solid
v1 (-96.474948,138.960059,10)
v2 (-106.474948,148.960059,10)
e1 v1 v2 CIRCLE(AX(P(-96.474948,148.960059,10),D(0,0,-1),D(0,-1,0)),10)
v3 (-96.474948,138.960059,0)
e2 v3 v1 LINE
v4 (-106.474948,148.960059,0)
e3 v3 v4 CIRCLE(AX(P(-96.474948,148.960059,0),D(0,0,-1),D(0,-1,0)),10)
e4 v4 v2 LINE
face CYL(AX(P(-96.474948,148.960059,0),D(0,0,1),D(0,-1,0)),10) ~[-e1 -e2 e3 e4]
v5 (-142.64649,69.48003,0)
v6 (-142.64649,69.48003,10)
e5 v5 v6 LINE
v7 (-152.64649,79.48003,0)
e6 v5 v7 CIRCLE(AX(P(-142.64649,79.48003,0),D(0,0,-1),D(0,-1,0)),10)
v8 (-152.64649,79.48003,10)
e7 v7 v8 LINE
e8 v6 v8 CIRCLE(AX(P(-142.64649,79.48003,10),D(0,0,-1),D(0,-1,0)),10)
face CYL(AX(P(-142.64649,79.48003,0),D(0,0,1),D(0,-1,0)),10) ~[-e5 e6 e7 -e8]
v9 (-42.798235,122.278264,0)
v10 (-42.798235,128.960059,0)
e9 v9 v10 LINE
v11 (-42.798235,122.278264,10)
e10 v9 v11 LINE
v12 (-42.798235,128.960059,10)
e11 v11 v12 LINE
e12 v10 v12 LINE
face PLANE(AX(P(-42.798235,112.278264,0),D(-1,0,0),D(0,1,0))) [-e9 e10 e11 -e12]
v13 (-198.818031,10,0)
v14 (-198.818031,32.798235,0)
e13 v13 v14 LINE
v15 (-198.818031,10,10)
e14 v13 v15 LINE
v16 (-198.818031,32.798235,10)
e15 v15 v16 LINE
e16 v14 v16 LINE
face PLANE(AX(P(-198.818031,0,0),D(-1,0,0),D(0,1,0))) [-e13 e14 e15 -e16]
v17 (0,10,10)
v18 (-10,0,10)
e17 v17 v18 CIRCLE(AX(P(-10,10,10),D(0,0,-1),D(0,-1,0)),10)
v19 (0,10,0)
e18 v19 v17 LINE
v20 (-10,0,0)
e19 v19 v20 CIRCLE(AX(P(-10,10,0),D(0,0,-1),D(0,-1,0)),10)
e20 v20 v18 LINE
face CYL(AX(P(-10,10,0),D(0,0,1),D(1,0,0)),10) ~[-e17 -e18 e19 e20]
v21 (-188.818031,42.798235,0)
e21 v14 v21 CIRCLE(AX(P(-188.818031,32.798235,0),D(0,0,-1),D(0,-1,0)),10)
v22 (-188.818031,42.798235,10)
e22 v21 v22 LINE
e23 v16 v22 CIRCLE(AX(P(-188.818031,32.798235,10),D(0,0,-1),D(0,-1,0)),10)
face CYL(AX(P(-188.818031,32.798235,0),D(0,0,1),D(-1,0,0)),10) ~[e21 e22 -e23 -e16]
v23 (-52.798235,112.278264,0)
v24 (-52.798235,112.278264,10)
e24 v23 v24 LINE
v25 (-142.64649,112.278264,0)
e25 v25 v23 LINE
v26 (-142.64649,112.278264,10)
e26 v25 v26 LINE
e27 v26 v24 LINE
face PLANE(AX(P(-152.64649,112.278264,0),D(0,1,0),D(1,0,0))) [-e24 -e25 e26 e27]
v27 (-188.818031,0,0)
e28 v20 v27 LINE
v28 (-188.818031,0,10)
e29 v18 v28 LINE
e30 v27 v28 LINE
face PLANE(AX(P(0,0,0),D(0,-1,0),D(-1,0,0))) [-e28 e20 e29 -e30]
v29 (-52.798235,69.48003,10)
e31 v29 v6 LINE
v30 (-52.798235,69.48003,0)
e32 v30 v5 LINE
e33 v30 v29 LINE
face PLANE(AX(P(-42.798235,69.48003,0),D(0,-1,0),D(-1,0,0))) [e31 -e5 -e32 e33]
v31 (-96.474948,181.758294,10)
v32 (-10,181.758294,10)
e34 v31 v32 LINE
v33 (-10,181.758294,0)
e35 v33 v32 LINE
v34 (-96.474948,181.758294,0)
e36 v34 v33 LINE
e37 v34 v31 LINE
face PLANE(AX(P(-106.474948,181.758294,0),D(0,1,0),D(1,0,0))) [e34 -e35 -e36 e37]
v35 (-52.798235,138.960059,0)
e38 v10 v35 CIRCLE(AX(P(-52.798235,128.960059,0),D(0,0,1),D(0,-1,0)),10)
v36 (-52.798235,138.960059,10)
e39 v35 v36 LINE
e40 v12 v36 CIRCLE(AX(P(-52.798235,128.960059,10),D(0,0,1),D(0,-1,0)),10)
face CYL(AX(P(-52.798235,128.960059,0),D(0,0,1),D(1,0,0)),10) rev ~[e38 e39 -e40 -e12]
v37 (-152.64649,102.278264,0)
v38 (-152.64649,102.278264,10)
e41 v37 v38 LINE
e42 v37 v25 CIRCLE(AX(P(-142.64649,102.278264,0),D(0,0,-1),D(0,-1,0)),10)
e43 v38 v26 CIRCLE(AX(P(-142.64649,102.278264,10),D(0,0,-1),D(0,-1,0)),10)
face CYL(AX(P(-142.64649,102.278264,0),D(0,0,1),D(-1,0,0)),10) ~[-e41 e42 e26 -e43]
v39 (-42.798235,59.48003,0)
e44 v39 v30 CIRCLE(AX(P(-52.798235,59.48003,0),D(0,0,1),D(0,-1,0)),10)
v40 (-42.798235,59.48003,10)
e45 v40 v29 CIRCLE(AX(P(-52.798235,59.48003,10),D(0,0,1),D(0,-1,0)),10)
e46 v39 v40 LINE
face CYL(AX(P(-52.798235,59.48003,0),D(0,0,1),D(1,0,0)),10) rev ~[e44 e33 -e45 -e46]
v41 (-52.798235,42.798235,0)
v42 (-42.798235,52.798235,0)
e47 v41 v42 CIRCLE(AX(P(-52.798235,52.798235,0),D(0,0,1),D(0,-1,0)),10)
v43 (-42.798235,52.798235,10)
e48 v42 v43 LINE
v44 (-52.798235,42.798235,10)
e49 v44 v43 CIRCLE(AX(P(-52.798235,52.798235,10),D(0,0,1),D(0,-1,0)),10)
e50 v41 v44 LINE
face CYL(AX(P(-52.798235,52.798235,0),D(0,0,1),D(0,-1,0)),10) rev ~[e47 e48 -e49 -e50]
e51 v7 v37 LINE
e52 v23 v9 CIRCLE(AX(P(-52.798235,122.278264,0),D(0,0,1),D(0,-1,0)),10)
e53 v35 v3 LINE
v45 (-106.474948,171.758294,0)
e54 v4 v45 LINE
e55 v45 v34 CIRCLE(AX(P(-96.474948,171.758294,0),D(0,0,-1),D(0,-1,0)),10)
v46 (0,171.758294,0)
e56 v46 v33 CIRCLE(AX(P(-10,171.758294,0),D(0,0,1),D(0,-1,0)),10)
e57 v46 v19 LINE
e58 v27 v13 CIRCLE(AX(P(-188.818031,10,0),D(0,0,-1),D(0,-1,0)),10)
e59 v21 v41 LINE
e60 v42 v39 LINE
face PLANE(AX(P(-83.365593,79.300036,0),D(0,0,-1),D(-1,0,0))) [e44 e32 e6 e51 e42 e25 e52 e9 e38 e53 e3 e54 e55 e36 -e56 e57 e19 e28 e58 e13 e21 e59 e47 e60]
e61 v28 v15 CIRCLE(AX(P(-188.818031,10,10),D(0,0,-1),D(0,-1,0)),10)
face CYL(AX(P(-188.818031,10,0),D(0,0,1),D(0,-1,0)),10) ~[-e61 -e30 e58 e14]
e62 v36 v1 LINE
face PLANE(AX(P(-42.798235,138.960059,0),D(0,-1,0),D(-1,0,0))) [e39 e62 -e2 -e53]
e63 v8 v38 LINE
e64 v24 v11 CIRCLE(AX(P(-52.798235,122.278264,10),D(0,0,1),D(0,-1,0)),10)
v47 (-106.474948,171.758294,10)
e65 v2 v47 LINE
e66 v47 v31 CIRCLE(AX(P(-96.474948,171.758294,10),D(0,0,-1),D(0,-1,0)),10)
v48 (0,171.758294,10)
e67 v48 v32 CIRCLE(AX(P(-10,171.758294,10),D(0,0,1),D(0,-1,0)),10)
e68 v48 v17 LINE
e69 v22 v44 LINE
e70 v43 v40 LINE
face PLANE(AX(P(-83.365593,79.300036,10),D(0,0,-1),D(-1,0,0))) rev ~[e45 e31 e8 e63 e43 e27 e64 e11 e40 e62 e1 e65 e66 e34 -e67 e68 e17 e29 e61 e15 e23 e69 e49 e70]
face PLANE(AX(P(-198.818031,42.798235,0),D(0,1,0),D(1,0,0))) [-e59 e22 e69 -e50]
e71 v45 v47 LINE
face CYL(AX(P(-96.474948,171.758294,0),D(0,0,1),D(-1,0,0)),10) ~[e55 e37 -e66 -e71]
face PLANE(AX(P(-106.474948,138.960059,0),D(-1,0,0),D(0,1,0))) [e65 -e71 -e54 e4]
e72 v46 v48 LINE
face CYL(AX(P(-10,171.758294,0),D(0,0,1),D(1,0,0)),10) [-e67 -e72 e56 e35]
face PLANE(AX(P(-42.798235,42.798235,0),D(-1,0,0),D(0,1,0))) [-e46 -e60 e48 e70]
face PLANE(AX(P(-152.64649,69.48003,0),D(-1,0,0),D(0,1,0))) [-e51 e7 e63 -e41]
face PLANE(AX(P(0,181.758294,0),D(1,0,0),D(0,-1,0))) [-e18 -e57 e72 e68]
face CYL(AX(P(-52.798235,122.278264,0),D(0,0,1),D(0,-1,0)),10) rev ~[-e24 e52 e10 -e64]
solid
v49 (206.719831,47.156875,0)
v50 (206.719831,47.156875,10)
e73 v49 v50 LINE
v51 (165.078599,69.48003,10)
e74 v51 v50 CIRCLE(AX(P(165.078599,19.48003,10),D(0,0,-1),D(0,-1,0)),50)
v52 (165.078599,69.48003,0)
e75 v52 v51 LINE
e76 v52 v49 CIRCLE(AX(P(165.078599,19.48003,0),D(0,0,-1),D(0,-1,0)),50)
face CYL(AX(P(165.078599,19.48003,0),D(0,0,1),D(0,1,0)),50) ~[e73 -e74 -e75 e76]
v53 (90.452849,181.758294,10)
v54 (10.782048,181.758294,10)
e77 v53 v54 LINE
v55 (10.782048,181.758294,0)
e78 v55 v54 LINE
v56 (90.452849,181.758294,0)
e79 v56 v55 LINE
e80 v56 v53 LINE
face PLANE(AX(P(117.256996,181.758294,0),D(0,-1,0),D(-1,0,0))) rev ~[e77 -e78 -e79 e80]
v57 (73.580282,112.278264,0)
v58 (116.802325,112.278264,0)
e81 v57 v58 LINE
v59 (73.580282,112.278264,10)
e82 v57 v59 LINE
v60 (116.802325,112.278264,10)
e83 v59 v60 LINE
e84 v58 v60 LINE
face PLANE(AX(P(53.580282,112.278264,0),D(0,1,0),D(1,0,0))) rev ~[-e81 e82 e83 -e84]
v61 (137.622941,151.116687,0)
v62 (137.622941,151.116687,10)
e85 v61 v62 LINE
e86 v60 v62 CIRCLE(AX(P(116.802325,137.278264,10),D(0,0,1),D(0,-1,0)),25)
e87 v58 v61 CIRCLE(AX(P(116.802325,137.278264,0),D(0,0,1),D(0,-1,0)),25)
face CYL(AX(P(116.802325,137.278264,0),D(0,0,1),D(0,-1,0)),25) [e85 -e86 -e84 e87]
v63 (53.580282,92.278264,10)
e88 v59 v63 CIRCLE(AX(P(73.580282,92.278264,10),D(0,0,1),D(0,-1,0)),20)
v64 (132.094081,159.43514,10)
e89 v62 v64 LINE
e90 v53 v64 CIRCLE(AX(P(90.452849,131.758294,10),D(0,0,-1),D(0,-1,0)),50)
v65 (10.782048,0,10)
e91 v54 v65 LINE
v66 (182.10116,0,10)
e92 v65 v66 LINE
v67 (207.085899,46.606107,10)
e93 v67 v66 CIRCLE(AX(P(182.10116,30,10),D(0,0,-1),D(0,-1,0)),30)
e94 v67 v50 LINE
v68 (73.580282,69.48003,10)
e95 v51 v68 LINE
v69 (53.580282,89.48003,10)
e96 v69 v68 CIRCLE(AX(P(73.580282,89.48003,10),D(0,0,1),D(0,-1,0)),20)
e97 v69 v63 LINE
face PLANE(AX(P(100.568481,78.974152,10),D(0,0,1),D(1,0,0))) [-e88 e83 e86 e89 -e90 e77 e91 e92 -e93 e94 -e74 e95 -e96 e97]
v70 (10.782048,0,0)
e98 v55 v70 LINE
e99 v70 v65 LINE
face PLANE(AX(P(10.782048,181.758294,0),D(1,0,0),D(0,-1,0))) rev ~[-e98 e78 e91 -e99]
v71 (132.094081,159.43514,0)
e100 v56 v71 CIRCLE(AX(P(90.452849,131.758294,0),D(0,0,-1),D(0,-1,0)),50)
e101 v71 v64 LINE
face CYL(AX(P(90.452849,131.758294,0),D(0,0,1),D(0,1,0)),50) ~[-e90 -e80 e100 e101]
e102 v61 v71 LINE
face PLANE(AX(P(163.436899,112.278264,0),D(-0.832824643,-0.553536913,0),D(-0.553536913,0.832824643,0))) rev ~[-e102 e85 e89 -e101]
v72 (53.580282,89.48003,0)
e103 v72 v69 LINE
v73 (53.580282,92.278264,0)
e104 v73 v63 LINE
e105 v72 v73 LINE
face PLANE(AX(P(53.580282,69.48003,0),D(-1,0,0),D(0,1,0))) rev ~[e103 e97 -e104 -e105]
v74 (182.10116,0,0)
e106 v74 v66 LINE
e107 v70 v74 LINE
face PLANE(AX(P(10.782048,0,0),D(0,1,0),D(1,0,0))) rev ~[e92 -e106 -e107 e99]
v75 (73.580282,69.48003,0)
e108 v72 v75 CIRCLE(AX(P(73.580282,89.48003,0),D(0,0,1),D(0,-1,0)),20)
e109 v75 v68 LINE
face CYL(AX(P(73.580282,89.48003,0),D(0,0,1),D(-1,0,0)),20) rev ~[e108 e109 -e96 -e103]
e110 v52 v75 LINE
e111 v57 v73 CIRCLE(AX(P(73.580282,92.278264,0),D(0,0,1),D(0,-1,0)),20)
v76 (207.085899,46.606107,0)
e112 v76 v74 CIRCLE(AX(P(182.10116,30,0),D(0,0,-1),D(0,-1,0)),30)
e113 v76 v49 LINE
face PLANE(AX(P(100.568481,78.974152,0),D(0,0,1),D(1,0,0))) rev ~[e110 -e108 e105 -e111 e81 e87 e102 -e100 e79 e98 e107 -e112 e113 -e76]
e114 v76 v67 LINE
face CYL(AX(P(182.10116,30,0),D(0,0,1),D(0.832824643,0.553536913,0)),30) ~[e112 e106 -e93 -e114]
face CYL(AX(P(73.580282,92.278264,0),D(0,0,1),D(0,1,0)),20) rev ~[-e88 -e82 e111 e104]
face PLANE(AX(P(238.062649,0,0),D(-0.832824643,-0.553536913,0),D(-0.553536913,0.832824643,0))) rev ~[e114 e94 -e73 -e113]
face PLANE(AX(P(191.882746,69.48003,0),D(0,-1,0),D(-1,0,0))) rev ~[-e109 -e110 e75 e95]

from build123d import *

# Parameters (mm, degrees)
BOSS_EXTRU_1_DEPTH   = 10
BOSS_EXTRU_1_2_DEPTH = 10
CONG_1_R             = 10
CONG_2_R             = 25
CONG_3_R             = 50
CONG_4_R             = 30
CONG_5_R             = 50
CONG_6_R             = 20


with BuildPart() as part:
    # Esquisse1 → Boss.-Extru.1 (new body)
    with BuildSketch(Plane.XY):
        Polygon((0, 181.758294068), (0, 0), (-198.818031305, 0), (-198.818031305, 42.798234664), (-42.798234664, 42.798234664), (-42.798234664, 69.480029702), (-152.64648987, 69.480029702), (-152.64648987, 112.278264366), (-42.798234664, 112.278264366), (-42.798234664, 138.960059404), (-106.474948435, 138.960059404), (-106.474948435, 181.758294068), align=None)
    extrude(amount=BOSS_EXTRU_1_DEPTH)

    # Congé1
    cong_1_edges = [part.edges().sort_by_distance(p)[0] for p in [
        (0, 181.758294068, 5),
        (0, 0, 5),
        (-198.818031305, 0, 5),
        (-198.818031305, 42.798234664, 5),
        (-42.798234664, 42.798234664, 5),
        (-42.798234664, 69.480029702, 5),
        (-152.64648987, 69.480029702, 5),
        (-152.64648987, 112.278264366, 5),
        (-42.798234664, 112.278264366, 5),
        (-42.798234664, 138.960059404, 5),
        (-106.474948435, 138.960059404, 5),
        (-106.474948435, 181.758294068, 5),
    ]]
    fillet(cong_1_edges, radius=CONG_1_R)


with BuildPart() as body_2:
    # Esquisse1 → Boss.-Extru.1 2 (new body)
    with BuildSketch(Plane.XY):
        Polygon((10.782047663, 181.758294068), (10.782047663, 0), (238.062649315, 0), (191.882746402, 69.480029702), (53.580282327, 69.480029702), (53.580282327, 112.278264366), (163.436899011, 112.278264366), (117.256996099, 181.758294068), align=None)
    extrude(amount=BOSS_EXTRU_1_2_DEPTH)

    # Congé2
    cong_2_edges = [body_2.edges().sort_by_distance(p)[0] for p in [
        (163.436899011, 112.278264366, 5),
    ]]
    fillet(cong_2_edges, radius=CONG_2_R)

    # Congé3
    cong_3_edges = [body_2.edges().sort_by_distance(p)[0] for p in [
        (191.882746402, 69.480029702, 5),
    ]]
    fillet(cong_3_edges, radius=CONG_3_R)

    # Congé4
    cong_4_edges = [body_2.edges().sort_by_distance(p)[0] for p in [
        (238.062649315, 0, 5),
    ]]
    fillet(cong_4_edges, radius=CONG_4_R)

    # Congé5
    cong_5_edges = [body_2.edges().sort_by_distance(p)[0] for p in [
        (117.256996099, 181.758294068, 5),
    ]]
    fillet(cong_5_edges, radius=CONG_5_R)

    # Congé6
    cong_6_edges = [body_2.edges().sort_by_distance(p)[0] for p in [
        (53.580282327, 112.278264366, 5),
        (53.580282327, 69.480029702, 5),
    ]]
    fillet(cong_6_edges, radius=CONG_6_R)


solid = Compound([part.part, body_2.part])
